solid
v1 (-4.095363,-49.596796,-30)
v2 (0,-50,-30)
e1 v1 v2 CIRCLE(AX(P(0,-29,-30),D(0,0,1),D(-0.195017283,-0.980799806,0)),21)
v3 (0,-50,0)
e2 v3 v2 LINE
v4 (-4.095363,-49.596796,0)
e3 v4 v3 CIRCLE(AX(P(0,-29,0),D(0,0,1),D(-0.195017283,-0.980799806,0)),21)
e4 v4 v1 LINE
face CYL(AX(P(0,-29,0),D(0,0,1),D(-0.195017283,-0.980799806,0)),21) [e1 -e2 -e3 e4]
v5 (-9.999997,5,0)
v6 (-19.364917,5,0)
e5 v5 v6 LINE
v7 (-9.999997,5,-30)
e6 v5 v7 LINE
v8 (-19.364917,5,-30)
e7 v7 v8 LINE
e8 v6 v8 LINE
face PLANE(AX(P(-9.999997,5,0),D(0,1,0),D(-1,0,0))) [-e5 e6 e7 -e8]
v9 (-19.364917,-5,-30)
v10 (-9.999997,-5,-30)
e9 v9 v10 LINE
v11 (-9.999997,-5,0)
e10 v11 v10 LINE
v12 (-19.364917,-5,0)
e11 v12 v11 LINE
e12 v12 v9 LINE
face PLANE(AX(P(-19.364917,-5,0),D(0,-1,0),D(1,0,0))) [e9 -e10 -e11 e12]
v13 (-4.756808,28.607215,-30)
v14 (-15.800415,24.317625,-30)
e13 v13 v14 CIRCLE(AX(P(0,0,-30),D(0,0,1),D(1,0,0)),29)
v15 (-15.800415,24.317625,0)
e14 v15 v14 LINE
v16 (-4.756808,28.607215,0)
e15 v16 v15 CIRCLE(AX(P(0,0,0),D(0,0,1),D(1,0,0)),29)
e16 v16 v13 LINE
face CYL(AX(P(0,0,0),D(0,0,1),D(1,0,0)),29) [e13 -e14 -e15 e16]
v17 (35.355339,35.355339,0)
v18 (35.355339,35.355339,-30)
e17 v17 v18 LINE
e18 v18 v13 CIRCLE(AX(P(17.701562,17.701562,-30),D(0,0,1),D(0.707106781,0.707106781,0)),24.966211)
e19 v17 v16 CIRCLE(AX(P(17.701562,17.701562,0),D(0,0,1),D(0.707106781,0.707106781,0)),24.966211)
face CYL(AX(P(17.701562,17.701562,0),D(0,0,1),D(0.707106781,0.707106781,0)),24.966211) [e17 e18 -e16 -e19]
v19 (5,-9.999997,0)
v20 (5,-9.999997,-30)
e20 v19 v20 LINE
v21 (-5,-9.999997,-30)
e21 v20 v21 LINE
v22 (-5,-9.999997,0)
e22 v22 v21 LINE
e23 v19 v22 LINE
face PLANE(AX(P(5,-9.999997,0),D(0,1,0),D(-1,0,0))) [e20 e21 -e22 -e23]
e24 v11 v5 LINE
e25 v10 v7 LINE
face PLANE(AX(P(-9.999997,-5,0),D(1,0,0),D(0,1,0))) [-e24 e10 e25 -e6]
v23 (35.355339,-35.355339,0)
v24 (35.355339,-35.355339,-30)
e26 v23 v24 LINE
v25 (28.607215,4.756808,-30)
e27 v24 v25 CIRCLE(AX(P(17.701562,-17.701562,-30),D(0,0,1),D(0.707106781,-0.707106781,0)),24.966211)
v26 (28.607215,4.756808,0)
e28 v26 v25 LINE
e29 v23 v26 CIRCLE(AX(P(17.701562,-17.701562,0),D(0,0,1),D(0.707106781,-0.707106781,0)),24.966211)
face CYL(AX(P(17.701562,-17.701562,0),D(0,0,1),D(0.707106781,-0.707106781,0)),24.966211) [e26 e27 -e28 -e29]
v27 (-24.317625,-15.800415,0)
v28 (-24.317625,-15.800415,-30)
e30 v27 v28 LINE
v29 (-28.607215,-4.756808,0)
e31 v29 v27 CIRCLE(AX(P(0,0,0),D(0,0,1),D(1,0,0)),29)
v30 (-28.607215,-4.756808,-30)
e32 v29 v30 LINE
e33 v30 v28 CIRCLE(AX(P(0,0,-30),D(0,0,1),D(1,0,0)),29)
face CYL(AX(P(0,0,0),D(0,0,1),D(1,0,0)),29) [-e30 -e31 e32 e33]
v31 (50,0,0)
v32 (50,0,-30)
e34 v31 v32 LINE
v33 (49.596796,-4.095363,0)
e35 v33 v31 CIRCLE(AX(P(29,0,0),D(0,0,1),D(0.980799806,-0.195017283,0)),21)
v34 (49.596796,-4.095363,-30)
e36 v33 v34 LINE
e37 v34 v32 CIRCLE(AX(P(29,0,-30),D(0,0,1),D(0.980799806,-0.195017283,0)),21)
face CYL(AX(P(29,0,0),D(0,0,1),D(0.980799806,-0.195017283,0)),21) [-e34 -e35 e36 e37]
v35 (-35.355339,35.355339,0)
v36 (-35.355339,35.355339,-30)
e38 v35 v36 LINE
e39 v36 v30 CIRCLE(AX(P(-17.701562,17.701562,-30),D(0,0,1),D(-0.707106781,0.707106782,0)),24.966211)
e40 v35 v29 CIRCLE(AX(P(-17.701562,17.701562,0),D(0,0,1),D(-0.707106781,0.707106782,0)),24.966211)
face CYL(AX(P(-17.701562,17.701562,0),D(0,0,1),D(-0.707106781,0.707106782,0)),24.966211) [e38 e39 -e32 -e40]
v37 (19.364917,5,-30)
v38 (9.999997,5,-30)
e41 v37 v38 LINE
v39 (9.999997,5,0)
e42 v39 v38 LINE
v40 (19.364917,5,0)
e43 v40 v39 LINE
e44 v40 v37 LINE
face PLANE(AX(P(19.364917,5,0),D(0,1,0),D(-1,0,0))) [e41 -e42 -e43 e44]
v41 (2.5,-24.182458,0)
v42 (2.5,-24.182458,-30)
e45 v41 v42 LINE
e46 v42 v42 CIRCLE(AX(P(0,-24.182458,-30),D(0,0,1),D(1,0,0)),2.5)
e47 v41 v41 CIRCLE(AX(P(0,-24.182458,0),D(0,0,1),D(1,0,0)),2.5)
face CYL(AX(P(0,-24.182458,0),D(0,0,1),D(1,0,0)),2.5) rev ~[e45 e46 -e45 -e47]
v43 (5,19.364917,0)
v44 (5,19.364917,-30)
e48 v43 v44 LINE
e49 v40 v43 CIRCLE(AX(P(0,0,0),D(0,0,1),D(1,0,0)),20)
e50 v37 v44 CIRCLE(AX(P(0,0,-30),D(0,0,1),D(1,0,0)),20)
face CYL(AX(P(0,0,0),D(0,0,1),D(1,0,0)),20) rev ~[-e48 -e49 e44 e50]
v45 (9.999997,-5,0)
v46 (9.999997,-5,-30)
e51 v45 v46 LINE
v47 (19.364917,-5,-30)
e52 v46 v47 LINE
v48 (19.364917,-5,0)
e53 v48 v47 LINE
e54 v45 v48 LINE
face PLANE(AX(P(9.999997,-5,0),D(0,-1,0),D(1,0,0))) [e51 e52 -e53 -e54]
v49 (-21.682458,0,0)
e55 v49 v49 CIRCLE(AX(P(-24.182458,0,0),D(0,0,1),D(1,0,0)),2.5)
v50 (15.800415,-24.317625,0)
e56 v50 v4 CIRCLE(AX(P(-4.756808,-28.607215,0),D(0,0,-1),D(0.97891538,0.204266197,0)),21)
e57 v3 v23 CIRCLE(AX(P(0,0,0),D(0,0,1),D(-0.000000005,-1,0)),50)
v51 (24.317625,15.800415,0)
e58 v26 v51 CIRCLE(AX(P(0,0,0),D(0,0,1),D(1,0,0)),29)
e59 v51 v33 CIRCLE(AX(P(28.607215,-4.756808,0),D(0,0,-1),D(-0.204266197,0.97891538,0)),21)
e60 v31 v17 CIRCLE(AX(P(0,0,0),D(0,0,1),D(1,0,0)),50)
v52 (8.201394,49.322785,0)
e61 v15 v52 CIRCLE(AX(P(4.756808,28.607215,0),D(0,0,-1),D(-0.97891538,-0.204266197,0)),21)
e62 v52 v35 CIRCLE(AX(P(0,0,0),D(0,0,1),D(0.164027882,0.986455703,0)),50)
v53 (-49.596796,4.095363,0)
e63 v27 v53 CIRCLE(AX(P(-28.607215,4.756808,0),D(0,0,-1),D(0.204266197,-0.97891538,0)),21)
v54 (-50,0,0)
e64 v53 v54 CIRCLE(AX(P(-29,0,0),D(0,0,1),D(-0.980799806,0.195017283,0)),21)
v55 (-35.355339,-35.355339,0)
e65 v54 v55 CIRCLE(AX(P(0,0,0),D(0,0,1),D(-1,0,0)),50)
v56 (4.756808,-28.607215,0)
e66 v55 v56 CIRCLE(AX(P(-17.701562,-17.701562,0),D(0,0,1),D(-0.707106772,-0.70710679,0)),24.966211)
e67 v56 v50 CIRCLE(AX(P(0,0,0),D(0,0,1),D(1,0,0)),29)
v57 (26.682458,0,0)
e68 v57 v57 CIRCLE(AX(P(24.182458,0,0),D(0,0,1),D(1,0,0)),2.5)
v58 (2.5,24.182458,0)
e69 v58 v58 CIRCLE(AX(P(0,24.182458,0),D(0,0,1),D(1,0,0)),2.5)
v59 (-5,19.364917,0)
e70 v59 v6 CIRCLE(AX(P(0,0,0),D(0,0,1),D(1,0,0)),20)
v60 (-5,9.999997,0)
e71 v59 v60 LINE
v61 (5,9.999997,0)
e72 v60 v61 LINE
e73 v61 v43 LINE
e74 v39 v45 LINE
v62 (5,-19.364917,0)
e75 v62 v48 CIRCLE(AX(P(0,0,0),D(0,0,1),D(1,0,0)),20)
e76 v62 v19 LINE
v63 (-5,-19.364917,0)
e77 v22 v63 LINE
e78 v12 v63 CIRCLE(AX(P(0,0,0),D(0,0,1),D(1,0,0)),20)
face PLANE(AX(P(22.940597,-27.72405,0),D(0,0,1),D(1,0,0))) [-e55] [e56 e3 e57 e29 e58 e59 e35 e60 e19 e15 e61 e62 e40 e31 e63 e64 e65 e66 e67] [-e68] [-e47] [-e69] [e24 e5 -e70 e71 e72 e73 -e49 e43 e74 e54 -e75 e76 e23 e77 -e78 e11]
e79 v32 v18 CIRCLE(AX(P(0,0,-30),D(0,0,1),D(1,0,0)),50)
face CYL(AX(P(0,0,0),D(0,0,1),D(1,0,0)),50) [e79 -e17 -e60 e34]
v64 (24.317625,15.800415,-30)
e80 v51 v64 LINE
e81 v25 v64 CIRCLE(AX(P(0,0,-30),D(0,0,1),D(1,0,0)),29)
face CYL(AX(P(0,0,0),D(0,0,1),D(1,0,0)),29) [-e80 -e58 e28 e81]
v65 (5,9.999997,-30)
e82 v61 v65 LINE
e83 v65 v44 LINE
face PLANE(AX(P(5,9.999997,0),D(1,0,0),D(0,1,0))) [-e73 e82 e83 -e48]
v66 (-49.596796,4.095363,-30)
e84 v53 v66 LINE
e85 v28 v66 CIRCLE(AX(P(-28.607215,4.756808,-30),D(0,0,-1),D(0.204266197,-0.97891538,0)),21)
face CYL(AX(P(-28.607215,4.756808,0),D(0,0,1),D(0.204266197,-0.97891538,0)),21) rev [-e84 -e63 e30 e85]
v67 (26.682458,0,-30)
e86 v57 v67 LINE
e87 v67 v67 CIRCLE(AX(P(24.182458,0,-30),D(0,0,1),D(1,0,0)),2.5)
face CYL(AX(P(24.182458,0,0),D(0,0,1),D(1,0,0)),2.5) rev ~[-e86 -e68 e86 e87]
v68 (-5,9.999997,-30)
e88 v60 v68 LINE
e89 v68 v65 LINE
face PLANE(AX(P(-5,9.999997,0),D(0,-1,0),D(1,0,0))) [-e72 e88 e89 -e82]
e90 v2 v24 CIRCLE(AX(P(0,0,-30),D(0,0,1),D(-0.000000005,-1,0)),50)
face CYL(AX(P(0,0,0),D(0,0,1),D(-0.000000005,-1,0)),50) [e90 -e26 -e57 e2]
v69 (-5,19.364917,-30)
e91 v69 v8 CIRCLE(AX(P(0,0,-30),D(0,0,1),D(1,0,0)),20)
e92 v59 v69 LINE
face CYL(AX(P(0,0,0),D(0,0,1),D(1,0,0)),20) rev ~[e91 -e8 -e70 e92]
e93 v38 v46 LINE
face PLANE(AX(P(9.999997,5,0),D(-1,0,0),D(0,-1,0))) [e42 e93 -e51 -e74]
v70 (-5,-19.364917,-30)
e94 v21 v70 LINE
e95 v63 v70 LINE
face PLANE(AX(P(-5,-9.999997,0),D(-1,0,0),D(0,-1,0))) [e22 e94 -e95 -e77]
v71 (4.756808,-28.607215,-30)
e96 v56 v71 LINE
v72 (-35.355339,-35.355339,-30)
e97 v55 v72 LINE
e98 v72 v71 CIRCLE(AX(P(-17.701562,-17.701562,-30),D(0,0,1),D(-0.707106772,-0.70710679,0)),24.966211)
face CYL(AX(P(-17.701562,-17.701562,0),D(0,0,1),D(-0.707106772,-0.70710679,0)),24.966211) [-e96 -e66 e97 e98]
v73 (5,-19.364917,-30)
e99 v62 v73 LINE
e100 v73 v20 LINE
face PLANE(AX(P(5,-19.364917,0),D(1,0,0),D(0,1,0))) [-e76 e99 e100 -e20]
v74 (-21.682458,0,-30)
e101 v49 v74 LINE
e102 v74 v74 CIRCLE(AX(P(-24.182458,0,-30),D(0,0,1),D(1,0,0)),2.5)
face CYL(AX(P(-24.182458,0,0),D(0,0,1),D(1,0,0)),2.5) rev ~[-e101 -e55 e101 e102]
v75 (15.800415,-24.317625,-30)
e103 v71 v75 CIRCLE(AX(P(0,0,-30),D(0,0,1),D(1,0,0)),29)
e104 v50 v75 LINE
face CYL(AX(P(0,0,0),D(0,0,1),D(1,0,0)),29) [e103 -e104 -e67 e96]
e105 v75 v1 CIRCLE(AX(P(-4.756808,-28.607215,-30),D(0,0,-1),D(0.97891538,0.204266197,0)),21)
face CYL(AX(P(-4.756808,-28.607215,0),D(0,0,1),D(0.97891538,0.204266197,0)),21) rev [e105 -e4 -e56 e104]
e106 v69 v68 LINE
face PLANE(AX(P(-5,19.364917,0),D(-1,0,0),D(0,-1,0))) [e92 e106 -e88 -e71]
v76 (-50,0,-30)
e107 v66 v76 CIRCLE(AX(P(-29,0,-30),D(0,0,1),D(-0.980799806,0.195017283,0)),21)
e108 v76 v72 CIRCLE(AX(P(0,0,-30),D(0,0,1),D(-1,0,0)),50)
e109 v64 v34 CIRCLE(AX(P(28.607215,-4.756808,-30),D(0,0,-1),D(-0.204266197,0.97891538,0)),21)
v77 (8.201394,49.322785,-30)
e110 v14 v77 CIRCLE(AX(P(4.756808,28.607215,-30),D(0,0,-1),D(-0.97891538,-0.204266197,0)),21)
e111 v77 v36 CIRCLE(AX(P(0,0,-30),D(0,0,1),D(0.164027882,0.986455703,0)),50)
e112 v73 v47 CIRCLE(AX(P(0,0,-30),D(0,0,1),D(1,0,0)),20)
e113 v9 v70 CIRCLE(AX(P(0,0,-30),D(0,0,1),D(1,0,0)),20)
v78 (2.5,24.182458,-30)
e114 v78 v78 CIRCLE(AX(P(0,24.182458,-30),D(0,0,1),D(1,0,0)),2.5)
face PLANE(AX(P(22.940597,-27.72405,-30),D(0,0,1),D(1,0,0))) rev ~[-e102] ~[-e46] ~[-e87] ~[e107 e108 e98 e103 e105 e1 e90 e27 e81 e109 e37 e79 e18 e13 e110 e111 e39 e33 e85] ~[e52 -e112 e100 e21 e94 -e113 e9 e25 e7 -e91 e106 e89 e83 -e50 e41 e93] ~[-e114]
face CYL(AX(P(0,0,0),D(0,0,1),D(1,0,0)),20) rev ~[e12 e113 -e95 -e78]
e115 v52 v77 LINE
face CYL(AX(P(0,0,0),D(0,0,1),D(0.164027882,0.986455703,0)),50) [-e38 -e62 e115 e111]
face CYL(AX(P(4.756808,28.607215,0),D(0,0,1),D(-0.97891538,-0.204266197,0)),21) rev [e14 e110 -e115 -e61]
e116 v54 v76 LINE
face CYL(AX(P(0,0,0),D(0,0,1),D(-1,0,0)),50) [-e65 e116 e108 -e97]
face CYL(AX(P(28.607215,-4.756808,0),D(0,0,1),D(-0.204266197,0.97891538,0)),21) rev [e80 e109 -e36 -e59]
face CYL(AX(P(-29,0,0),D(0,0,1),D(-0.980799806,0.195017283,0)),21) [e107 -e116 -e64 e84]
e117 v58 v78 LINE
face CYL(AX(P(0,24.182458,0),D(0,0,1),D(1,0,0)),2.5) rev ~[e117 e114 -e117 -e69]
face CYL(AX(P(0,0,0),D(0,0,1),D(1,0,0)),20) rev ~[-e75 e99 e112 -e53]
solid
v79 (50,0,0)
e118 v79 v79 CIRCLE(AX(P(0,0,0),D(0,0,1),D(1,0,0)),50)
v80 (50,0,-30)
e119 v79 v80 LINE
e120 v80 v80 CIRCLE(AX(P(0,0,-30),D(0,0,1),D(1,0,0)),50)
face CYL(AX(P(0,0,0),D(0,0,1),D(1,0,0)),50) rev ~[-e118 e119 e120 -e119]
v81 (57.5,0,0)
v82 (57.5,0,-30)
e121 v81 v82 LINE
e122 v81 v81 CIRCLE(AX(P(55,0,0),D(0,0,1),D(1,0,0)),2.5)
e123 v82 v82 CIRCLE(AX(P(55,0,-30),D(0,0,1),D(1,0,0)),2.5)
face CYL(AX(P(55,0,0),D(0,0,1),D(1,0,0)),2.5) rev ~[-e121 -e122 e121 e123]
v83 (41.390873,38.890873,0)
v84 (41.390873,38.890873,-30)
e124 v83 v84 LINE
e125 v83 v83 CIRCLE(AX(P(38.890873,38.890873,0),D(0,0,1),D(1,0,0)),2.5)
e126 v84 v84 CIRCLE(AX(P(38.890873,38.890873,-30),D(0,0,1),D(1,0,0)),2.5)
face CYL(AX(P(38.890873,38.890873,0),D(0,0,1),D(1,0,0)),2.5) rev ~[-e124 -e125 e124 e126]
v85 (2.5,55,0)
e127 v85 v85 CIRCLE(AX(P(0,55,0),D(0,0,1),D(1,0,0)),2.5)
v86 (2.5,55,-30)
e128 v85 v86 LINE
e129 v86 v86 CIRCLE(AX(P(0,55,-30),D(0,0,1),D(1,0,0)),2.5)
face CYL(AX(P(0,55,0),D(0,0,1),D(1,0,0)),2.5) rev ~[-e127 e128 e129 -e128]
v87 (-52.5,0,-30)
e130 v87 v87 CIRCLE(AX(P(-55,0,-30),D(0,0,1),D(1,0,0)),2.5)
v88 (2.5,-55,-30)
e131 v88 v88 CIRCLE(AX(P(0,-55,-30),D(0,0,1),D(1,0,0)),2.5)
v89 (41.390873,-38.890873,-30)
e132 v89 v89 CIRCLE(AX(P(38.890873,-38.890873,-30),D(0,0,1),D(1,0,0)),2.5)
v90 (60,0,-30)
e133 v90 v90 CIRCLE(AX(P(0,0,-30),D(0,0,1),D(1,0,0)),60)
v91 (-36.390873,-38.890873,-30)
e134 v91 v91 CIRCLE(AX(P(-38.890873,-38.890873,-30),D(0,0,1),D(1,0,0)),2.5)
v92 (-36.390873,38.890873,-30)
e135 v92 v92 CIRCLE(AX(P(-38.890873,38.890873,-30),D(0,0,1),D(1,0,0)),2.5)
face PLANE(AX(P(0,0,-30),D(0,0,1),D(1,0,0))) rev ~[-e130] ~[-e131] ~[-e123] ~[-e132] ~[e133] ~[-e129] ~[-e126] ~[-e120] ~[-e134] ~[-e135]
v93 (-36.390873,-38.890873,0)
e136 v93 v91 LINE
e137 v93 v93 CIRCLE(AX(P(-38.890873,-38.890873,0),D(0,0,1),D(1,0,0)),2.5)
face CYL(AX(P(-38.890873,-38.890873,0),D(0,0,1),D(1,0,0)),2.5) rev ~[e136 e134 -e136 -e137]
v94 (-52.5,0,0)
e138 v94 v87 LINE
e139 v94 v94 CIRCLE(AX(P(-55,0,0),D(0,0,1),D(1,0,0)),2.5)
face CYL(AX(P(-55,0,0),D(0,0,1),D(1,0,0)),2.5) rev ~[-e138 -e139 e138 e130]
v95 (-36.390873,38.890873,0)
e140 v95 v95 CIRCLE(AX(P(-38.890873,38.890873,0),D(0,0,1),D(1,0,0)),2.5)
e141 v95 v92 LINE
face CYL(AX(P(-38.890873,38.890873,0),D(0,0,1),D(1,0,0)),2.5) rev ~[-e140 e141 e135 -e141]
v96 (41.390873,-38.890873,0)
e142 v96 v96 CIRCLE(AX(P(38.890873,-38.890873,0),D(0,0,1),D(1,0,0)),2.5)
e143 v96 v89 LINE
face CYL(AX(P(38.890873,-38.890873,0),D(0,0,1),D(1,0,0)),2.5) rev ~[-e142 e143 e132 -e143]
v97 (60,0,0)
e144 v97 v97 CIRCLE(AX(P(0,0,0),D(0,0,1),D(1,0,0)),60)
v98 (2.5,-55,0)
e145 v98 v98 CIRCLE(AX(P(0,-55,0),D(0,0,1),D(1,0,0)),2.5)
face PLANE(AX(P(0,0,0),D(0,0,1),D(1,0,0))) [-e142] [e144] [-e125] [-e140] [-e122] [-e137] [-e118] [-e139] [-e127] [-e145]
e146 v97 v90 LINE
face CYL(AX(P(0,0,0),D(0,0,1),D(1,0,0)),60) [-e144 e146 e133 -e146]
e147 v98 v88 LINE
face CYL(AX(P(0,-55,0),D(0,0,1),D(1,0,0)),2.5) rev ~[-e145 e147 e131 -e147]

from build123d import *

# Parameters (mm, degrees)
SKETCH6_R                 = 29
SKETCH6_R_2               = 20
INNER_RING_DEPTH          = 30
MOTOR_CONNECTOR_CUT_DEPTH = 30
SKETCH8_R                 = 2.5
M3_HOLES_DEPTH            = 38
M3_HOLES_DEPTH_BACK       = 100
MIDDLE_PATTERN_DEPTH      = 30
SKETCH9_R                 = 60
SKETCH9_R_2               = 50
SKETCH9_R_3               = 2.5
BOSS_EXTRUDE1_DEPTH       = 30


with BuildPart() as part:
    # Sketch6 → Inner Ring (new body)
    with BuildSketch(Plane.XY):
        Circle(SKETCH6_R)
        Circle(SKETCH6_R_2, mode=Mode.SUBTRACT)
    extrude(amount=-INNER_RING_DEPTH)

    # Sketch7 → Motor Connector Cut (add)
    with BuildSketch(Plane.XY):
        with BuildLine():
            ThreePointArc((20, 0), (19.840593925, 2.52008585), (19.364916731, 5))
            Line((19.364916731, 5), (9.999996731, 5))
            Line((9.999996731, 5), (9.999996731, -5))
            Line((9.999996731, -5), (19.364916731, -5))
            ThreePointArc((19.364916731, -5), (19.840593925, -2.52008585), (20, 0))
        make_face()
        with BuildLine():
            ThreePointArc((5, 19.364916731), (0, 20), (-5, 19.364916731))
            Line((-5, 19.364916731), (-5, 9.999996731))
            Line((-5, 9.999996731), (5, 9.999996731))
            Line((5, 9.999996731), (5, 19.364916731))
        make_face()
        with BuildLine():
            Line((-9.999996731, -5), (-9.999996731, 5))
            Line((-9.999996731, 5), (-19.364916731, 5))
            ThreePointArc((-19.364916731, 5), (-20, 0), (-19.364916731, -5))
            Line((-19.364916731, -5), (-9.999996731, -5))
        make_face()
        with BuildLine():
            Line((-5, -9.999996731), (-5, -19.364916731))
            ThreePointArc((-5, -19.364916731), (0, -20), (5, -19.364916731))
            Line((5, -19.364916731), (5, -9.999996731))
            Line((5, -9.999996731), (-5, -9.999996731))
        make_face()
    extrude(amount=-MOTOR_CONNECTOR_CUT_DEPTH)

    # Sketch8 → M3 Holes (cut, two sides)
    with BuildSketch(Plane.XY) as m3_holes_sk:
        with Locations((0, 24.182458366)):
            Circle(SKETCH8_R)
        with Locations((24.182458366, 0)):
            Circle(SKETCH8_R)
        with Locations((0, -24.182458366)):
            Circle(SKETCH8_R)
        with Locations((-24.182458366, 0)):
            Circle(SKETCH8_R)
    extrude(amount=M3_HOLES_DEPTH, mode=Mode.SUBTRACT)
    extrude(m3_holes_sk.sketch, amount=-M3_HOLES_DEPTH_BACK, mode=Mode.SUBTRACT)

    # Sketch10 → Middle Pattern (add)
    with BuildSketch(Plane.XY):
        with BuildLine():
            ThreePointArc((28.607215414, 4.756808408), (26.539406056, -11.690163651), (15.800414568, -24.317625284))
            ThreePointArc((15.800414568, -24.317625284), (11.745224483, -41.595013937), (-4.095362954, -49.596795923))
            ThreePointArc((-4.095362954, -49.596795923), (-2.057581903, -49.898955876), (-2.31e-07, -50))
            ThreePointArc((-2.31e-07, -50), (19.134171511, -46.19397667), (35.355339059, -35.355339059))
            ThreePointArc((35.355339059, -35.355339059), (42.321804958, -13.559663633), (28.607215414, 4.756808408))
        make_face()
        with BuildLine():
            ThreePointArc((24.317625284, 15.800414568), (41.595013937, 11.745224483), (49.596795923, -4.095362954))
            ThreePointArc((49.596795923, -4.095362954), (49.898955887, -2.057581788), (50, 0))
            ThreePointArc((50, 0), (46.193976626, 19.134171618), (35.355339059, 35.355339059))
            ThreePointArc((35.355339059, 35.355339059), (13.559663633, 42.321804958), (-4.756808408, 28.607215414))
            ThreePointArc((-4.756808408, 28.607215414), (11.690163651, 26.539406056), (24.317625284, 15.800414568))
        make_face()
        with BuildLine():
            ThreePointArc((8.201394106, 49.322785148), (-15.267827902, 47.611904301), (-35.355339044, 35.355339075))
            ThreePointArc((-35.355339044, 35.355339075), (-42.32180496, 13.559663644), (-28.607215414, -4.756808408))
            ThreePointArc((-28.607215414, -4.756808408), (-26.539406056, 11.690163651), (-15.800414568, 24.317625284))
            ThreePointArc((-15.800414568, 24.317625284), (-10.393277189, 43.149392225), (8.201394106, 49.322785148))
        make_face()
        with BuildLine():
            ThreePointArc((4.756808408, -28.607215414), (-11.690163651, -26.539406056), (-24.317625284, -15.800414568))
            ThreePointArc((-24.317625284, -15.800414568), (-41.595013937, -11.745224483), (-49.596795923, 4.095362954))
            ThreePointArc((-49.596795923, 4.095362954), (-49.898955887, 2.057581788), (-50, 0))
            ThreePointArc((-50, 0), (-46.193976566, -19.134171762), (-35.355338839, -35.35533928))
            ThreePointArc((-35.355338839, -35.35533928), (-13.559663479, -42.321804932), (4.756808408, -28.607215414))
        make_face()
    extrude(amount=-MIDDLE_PATTERN_DEPTH)


with BuildPart() as body_2:
    # Sketch9 → Boss-Extrude1 (new body)
    with BuildSketch(Plane.XY):
        Circle(SKETCH9_R)
        Circle(SKETCH9_R_2, mode=Mode.SUBTRACT)
        with Locations((0, 55)):
            Circle(SKETCH9_R_3, mode=Mode.SUBTRACT)
        with Locations((-38.890872965, 38.890872965)):
            Circle(SKETCH9_R_3, mode=Mode.SUBTRACT)
        with Locations((-55, 0)):
            Circle(SKETCH9_R_3, mode=Mode.SUBTRACT)
        with Locations((-38.890872965, -38.890872965)):
            Circle(SKETCH9_R_3, mode=Mode.SUBTRACT)
        with Locations((0, -55)):
            Circle(SKETCH9_R_3, mode=Mode.SUBTRACT)
        with Locations((38.890872965, -38.890872965)):
            Circle(SKETCH9_R_3, mode=Mode.SUBTRACT)
        with Locations((55, 0)):
            Circle(SKETCH9_R_3, mode=Mode.SUBTRACT)
        with Locations((38.890872965, 38.890872965)):
            Circle(SKETCH9_R_3, mode=Mode.SUBTRACT)
    extrude(amount=-BOSS_EXTRUDE1_DEPTH)


solid = Compound([part.part, body_2.part])
